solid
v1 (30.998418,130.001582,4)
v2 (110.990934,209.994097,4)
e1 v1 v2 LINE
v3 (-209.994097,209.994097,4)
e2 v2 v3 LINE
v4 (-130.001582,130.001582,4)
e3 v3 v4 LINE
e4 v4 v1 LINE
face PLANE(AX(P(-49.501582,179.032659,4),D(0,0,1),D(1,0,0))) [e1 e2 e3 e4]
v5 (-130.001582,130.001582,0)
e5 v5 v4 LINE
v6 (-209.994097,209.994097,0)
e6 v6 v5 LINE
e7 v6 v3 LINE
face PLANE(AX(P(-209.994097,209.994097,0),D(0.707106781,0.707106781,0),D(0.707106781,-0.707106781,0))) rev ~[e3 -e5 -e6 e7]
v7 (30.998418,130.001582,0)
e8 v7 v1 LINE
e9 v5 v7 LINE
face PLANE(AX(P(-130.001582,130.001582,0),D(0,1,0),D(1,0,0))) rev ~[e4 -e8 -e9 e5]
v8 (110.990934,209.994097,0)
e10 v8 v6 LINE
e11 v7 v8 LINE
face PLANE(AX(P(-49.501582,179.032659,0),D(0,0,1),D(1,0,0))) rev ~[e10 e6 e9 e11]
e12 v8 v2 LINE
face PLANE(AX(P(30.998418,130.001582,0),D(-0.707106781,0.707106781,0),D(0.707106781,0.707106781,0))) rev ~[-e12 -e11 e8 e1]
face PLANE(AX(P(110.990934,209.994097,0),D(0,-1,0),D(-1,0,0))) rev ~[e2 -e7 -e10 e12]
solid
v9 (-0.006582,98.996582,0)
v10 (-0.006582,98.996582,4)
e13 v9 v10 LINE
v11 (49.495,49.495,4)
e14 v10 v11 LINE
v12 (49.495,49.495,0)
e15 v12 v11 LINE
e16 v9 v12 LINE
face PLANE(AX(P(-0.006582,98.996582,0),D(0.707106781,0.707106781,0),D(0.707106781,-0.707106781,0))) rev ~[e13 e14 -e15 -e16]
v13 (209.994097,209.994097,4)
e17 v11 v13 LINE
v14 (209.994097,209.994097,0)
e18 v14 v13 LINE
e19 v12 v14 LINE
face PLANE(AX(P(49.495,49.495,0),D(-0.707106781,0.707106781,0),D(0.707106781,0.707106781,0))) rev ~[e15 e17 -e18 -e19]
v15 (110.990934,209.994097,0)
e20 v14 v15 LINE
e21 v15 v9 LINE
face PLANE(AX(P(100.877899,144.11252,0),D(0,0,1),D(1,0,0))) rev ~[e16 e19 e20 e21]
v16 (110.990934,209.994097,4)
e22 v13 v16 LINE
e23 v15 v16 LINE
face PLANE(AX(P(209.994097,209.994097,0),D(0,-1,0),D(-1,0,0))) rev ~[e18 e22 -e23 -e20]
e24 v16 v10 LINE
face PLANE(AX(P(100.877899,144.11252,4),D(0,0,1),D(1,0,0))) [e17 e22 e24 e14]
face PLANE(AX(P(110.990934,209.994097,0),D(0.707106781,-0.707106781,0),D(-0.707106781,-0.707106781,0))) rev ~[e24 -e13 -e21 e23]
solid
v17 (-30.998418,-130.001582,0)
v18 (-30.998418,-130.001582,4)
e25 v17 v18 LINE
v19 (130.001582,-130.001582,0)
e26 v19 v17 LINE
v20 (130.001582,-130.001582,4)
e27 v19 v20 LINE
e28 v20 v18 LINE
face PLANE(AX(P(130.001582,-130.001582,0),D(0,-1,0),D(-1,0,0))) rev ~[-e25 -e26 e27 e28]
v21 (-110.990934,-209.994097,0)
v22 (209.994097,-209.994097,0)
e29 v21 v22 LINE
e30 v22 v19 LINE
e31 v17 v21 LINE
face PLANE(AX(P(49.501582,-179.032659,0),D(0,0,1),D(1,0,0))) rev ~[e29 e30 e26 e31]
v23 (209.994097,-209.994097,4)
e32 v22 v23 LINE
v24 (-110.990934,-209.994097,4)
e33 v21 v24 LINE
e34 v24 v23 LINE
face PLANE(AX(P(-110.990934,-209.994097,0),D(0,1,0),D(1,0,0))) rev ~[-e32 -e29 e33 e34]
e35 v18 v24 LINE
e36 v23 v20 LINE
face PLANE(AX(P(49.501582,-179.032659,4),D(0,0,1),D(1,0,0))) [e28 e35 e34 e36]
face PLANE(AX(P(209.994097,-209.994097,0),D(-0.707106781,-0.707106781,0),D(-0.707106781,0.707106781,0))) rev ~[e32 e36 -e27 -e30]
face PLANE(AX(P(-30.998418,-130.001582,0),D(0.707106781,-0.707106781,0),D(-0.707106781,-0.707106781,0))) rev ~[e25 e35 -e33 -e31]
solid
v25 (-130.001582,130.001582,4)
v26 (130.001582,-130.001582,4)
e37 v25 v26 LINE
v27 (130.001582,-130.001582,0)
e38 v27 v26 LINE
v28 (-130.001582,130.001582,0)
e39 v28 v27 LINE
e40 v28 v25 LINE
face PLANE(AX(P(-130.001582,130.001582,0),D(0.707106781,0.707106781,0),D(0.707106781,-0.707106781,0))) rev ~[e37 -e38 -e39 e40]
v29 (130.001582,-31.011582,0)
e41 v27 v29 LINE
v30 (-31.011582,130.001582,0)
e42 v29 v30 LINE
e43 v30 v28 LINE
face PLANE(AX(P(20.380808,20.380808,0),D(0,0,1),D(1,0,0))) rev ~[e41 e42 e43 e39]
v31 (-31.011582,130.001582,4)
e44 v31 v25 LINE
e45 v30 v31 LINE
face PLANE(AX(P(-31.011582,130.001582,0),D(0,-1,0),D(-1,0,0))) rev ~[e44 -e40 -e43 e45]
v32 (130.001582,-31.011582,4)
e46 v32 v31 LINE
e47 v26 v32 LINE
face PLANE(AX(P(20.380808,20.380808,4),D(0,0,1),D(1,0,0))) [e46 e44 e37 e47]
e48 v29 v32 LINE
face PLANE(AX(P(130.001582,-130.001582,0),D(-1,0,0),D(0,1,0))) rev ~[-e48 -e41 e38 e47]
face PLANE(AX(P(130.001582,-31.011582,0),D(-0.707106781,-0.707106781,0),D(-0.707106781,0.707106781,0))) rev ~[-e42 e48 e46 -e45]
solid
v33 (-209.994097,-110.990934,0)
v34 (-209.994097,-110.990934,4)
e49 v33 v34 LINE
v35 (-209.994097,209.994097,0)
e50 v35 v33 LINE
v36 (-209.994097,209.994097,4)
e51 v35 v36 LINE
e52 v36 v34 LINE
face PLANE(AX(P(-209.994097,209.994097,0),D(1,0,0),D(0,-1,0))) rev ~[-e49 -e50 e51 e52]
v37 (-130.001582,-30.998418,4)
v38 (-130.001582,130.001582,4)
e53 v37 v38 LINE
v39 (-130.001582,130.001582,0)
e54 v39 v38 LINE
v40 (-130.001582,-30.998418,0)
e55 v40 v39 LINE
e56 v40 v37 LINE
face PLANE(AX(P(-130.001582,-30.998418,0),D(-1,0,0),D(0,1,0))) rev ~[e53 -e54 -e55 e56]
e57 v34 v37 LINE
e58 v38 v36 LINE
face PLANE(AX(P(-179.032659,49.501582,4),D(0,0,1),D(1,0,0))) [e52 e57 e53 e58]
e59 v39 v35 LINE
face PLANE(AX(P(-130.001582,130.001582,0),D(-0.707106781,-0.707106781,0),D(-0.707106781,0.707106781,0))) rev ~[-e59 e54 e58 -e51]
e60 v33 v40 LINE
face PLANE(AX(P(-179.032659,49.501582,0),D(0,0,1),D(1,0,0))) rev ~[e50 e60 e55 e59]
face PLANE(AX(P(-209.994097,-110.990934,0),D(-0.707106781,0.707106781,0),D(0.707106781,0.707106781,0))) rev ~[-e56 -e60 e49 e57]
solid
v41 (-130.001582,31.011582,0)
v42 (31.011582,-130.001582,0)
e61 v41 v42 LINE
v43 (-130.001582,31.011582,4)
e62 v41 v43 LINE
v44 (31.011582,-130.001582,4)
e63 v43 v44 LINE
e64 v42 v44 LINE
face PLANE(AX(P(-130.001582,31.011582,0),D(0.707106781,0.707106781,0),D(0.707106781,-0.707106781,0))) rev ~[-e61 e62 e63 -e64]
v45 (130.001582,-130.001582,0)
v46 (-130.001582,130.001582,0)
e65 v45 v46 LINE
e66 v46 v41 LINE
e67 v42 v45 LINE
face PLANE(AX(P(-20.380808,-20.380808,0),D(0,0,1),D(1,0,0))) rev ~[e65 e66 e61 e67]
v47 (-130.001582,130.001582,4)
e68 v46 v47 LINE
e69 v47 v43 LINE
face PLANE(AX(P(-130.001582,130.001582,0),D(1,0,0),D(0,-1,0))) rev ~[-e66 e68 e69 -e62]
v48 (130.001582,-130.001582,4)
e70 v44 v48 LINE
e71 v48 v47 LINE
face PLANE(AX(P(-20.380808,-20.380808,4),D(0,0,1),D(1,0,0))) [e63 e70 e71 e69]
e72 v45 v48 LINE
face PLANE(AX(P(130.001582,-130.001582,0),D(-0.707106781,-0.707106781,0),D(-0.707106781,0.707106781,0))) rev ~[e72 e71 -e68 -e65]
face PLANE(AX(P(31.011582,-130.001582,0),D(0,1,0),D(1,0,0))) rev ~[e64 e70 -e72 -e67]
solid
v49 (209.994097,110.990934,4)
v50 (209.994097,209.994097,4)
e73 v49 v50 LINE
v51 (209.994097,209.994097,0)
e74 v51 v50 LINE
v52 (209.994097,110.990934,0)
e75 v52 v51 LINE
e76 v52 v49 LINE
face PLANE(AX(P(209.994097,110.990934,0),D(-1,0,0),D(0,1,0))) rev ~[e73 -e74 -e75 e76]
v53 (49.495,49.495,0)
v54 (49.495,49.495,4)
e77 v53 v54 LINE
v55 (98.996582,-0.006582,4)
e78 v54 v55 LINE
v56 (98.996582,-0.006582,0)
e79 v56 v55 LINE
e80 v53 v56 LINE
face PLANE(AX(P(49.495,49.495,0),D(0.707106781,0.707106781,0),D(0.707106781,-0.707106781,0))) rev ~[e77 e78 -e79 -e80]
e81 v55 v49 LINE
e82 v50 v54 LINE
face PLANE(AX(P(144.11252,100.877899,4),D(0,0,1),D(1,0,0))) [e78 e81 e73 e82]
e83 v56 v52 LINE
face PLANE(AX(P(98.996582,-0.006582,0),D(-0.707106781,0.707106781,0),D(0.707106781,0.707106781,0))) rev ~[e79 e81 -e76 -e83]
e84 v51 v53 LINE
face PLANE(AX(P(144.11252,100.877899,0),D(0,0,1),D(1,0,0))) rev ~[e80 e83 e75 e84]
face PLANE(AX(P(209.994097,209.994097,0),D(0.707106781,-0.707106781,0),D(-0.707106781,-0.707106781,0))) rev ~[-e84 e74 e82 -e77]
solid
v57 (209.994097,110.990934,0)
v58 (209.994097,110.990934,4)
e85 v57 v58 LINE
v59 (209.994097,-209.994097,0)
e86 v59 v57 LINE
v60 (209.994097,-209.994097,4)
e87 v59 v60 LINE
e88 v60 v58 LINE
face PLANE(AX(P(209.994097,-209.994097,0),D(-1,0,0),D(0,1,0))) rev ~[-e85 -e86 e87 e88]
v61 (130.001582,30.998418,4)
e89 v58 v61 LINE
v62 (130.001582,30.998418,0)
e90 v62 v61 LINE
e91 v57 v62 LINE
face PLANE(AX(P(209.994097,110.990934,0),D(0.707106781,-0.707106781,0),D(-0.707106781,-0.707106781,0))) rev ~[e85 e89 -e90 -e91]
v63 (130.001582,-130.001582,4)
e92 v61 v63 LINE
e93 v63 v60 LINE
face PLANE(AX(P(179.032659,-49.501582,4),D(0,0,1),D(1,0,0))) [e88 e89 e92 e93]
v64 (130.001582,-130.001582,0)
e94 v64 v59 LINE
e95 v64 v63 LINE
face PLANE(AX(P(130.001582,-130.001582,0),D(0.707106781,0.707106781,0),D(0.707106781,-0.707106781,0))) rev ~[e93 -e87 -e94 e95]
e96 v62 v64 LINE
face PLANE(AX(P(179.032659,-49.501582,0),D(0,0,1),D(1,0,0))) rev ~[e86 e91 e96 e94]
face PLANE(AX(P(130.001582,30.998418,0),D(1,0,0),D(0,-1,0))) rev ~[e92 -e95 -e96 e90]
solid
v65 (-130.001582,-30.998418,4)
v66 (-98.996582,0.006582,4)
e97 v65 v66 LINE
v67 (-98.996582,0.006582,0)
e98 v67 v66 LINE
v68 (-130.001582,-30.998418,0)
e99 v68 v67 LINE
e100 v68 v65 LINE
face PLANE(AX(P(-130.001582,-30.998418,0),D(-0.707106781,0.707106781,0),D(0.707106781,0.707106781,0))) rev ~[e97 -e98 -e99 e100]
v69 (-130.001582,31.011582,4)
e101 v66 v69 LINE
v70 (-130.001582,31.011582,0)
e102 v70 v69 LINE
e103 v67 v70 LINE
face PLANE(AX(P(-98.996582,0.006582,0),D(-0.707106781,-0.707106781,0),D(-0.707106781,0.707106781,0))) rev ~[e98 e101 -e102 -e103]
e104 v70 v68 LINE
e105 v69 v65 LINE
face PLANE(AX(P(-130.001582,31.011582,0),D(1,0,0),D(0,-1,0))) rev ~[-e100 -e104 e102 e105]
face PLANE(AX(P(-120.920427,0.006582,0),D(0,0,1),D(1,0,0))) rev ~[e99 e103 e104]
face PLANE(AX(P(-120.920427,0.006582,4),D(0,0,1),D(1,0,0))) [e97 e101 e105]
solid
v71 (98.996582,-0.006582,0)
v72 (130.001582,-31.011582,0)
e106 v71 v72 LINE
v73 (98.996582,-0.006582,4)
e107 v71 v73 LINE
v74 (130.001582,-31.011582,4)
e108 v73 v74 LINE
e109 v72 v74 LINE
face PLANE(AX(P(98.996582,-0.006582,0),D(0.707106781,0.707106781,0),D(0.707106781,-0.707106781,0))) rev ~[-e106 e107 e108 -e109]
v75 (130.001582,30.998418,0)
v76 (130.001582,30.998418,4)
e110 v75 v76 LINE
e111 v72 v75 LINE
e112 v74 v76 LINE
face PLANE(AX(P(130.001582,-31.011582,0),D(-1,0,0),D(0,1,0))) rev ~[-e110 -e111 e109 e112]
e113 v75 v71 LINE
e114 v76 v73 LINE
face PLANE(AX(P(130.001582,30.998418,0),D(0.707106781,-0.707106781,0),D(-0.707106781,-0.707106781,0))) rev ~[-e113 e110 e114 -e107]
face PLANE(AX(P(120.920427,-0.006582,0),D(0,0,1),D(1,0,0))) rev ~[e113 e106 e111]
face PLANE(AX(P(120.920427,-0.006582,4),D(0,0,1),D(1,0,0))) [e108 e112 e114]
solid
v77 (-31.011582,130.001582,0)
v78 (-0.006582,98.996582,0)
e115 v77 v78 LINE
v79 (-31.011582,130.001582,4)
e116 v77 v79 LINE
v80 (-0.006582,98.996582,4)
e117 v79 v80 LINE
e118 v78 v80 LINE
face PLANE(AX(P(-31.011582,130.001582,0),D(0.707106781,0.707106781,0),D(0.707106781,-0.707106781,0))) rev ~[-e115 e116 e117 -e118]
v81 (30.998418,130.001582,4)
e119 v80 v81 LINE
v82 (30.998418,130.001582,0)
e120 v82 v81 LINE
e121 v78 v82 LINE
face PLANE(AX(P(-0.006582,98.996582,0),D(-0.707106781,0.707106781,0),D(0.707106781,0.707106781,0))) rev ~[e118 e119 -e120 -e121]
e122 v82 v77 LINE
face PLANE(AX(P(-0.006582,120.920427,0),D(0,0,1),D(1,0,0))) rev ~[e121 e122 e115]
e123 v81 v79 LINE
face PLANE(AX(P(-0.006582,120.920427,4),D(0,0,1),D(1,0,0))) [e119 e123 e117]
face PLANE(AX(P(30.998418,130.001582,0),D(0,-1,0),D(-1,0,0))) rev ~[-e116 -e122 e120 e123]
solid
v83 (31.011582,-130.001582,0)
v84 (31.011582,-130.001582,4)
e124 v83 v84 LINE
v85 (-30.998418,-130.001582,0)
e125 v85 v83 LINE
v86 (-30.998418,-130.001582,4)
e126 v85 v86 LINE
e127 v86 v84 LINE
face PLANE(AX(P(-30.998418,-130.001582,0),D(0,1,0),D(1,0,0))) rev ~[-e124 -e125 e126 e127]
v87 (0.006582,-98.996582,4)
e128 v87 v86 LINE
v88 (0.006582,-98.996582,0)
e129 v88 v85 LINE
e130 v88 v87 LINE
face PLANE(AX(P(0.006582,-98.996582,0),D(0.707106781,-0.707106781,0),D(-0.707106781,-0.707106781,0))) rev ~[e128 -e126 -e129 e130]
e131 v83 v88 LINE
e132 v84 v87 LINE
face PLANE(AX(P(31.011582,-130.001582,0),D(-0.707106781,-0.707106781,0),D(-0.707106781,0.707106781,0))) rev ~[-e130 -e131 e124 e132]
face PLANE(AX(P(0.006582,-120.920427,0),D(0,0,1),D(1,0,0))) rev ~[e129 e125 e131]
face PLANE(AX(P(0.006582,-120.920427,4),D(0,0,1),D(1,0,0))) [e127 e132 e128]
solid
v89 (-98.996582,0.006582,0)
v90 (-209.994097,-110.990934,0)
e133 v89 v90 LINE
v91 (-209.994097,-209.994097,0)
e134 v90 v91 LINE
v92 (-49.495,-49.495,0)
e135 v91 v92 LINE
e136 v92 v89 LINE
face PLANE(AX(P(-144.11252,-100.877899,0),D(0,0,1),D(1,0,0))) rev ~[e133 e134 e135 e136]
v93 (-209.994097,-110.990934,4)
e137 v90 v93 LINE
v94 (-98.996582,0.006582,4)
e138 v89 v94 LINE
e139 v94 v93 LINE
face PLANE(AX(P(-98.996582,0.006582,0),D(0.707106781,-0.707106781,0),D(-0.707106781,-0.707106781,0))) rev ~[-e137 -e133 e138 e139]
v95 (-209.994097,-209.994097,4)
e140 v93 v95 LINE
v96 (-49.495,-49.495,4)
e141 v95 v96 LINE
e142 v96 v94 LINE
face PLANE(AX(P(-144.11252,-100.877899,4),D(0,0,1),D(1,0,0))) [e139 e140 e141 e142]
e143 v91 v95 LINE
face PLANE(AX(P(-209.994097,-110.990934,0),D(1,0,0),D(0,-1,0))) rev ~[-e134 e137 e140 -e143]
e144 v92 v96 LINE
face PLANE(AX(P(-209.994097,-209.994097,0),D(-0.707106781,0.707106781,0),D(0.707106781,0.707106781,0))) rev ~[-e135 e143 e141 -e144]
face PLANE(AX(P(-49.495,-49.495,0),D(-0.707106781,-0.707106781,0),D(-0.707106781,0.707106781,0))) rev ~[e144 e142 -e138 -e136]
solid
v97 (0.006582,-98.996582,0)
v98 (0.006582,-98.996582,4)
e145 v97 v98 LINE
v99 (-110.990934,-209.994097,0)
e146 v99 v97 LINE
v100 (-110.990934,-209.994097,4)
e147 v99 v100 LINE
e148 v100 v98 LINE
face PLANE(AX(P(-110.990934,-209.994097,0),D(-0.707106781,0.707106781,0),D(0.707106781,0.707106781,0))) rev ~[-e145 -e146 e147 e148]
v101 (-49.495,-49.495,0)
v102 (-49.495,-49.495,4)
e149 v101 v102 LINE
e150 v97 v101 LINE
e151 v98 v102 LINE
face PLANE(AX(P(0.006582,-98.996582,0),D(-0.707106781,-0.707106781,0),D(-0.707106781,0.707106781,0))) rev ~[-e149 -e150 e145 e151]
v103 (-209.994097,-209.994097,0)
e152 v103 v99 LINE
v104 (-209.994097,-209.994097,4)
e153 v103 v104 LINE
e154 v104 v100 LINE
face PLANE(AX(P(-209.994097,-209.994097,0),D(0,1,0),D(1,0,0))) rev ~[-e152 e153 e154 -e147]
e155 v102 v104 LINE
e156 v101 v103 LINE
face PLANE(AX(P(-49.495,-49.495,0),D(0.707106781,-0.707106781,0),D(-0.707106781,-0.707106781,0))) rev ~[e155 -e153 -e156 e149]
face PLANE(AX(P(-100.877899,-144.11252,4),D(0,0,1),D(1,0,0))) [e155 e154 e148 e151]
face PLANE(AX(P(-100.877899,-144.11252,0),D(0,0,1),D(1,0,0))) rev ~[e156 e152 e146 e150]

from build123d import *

# Parameters (mm, degrees)
F2_DEPTH = 4
F3_DEPTH = 4
F4_DEPTH = 4
F5_DEPTH = 4


with BuildPart() as f2:
    # F1 (on Top) → F2 (new body)
    with BuildSketch(Plane.XY):
        Polygon((-130.0015817211, 31.0115817211), (-130.0015817211, 130.0015817211), (-209.9940971937, 209.9940971937), (-209.9940971937, -110.9909337514), (-130.0015817211, -30.9984182789), align=None)
    extrude(amount=F2_DEPTH)


with BuildPart() as f2b:
    # F1 (on Top) → F2, piece 2 (new body)
    with BuildSketch(Plane.XY):
        Polygon((130.0015817211, -31.0115817211), (130.0015817211, -130.0015817211), (209.9940971937, -209.9940971937), (209.9940971937, 110.9909337514), (130.0015817211, 30.9984182789), align=None)
    extrude(amount=F2_DEPTH)


with BuildPart() as f2c:
    # F1 (on Top) → F2, piece 3 (new body)
    with BuildSketch(Plane.XY):
        Polygon((-209.9940971937, -209.9940971937), (-110.9909337514, -209.9940971937), (-30.9984182789, -130.0015817211), (0.0065817211, -98.9965817211), (-49.495, -49.495), align=None)
    extrude(amount=F2_DEPTH)


with BuildPart() as f2d:
    # F1 (on Top) → F2, piece 4 (new body)
    with BuildSketch(Plane.XY):
        Polygon((110.9909337514, 209.9940971937), (30.9984182789, 130.0015817211), (-0.0065817211, 98.9965817211), (49.495, 49.495), (209.9940971937, 209.9940971937), align=None)
    extrude(amount=F2_DEPTH)


with BuildPart() as f3:
    # F1 (on Top) → F3 (new body)
    with BuildSketch(Plane.XY):
        Polygon((-209.9940971937, 209.9940971937), (-130.0015817211, 130.0015817211), (-31.0115817211, 130.0015817211), (30.9984182789, 130.0015817211), (110.9909337514, 209.9940971937), align=None)
    extrude(amount=F3_DEPTH)


with BuildPart() as f3b:
    # F1 (on Top) → F3, piece 2 (new body)
    with BuildSketch(Plane.XY):
        Polygon((-98.9965817211, 0.0065817211), (-130.0015817211, -30.9984182789), (-209.9940971937, -110.9909337514), (-209.9940971937, -209.9940971937), (-49.495, -49.495), align=None)
    extrude(amount=F3_DEPTH)


with BuildPart() as f3c:
    # F1 (on Top) → F3, piece 3 (new body)
    with BuildSketch(Plane.XY):
        Polygon((130.0015817211, 30.9984182789), (209.9940971937, 110.9909337514), (209.9940971937, 209.9940971937), (49.495, 49.495), (98.9965817211, -0.0065817211), align=None)
    extrude(amount=F3_DEPTH)


with BuildPart() as f3d:
    # F1 (on Top) → F3, piece 4 (new body)
    with BuildSketch(Plane.XY):
        Polygon((209.9940971937, -209.9940971937), (130.0015817211, -130.0015817211), (31.0115817211, -130.0015817211), (-30.9984182789, -130.0015817211), (-110.9909337514, -209.9940971937), align=None)
    extrude(amount=F3_DEPTH)


with BuildPart() as f4:
    # F1 (on Top) → F4 (new body)
    with BuildSketch(Plane.XY):
        Polygon((130.0015817211, -130.0015817211), (0, 0), (-130.0015817211, 130.0015817211), (-130.0015817211, 31.0115817211), (-98.9965817211, 0.0065817211), (-49.495, -49.495), (0.0065817211, -98.9965817211), (31.0115817211, -130.0015817211), align=None)
    extrude(amount=F4_DEPTH)


with BuildPart() as f4b:
    # F1 (on Top) → F4, piece 2 (new body)
    with BuildSketch(Plane.XY):
        Polygon((30.9984182789, 130.0015817211), (-31.0115817211, 130.0015817211), (-0.0065817211, 98.9965817211), align=None)
    extrude(amount=F4_DEPTH)


with BuildPart() as f4c:
    # F1 (on Top) → F4, piece 3 (new body)
    with BuildSketch(Plane.XY):
        Polygon((98.9965817211, -0.0065817211), (130.0015817211, -31.0115817211), (130.0015817211, 30.9984182789), align=None)
    extrude(amount=F4_DEPTH)


with BuildPart() as f5:
    # F1 (on Top) → F5 (new body)
    with BuildSketch(Plane.XY):
        Polygon((-98.9965817211, 0.0065817211), (-130.0015817211, 31.0115817211), (-130.0015817211, -30.9984182789), align=None)
    extrude(amount=F5_DEPTH)


with BuildPart() as f5b:
    # F1 (on Top) → F5, piece 2 (new body)
    with BuildSketch(Plane.XY):
        Polygon((-130.0015817211, 130.0015817211), (0, 0), (130.0015817211, -130.0015817211), (130.0015817211, -31.0115817211), (98.9965817211, -0.0065817211), (49.495, 49.495), (-0.0065817211, 98.9965817211), (-31.0115817211, 130.0015817211), align=None)
    extrude(amount=F5_DEPTH)


with BuildPart() as f5c:
    # F1 (on Top) → F5, piece 3 (new body)
    with BuildSketch(Plane.XY):
        Polygon((-30.9984182789, -130.0015817211), (31.0115817211, -130.0015817211), (0.0065817211, -98.9965817211), align=None)
    extrude(amount=F5_DEPTH)


solid = Compound([f2.part, f2b.part, f2c.part, f2d.part, f3.part, f3b.part, f3c.part, f3d.part, f4.part, f4b.part, f4c.part, f5.part, f5b.part, f5c.part])
